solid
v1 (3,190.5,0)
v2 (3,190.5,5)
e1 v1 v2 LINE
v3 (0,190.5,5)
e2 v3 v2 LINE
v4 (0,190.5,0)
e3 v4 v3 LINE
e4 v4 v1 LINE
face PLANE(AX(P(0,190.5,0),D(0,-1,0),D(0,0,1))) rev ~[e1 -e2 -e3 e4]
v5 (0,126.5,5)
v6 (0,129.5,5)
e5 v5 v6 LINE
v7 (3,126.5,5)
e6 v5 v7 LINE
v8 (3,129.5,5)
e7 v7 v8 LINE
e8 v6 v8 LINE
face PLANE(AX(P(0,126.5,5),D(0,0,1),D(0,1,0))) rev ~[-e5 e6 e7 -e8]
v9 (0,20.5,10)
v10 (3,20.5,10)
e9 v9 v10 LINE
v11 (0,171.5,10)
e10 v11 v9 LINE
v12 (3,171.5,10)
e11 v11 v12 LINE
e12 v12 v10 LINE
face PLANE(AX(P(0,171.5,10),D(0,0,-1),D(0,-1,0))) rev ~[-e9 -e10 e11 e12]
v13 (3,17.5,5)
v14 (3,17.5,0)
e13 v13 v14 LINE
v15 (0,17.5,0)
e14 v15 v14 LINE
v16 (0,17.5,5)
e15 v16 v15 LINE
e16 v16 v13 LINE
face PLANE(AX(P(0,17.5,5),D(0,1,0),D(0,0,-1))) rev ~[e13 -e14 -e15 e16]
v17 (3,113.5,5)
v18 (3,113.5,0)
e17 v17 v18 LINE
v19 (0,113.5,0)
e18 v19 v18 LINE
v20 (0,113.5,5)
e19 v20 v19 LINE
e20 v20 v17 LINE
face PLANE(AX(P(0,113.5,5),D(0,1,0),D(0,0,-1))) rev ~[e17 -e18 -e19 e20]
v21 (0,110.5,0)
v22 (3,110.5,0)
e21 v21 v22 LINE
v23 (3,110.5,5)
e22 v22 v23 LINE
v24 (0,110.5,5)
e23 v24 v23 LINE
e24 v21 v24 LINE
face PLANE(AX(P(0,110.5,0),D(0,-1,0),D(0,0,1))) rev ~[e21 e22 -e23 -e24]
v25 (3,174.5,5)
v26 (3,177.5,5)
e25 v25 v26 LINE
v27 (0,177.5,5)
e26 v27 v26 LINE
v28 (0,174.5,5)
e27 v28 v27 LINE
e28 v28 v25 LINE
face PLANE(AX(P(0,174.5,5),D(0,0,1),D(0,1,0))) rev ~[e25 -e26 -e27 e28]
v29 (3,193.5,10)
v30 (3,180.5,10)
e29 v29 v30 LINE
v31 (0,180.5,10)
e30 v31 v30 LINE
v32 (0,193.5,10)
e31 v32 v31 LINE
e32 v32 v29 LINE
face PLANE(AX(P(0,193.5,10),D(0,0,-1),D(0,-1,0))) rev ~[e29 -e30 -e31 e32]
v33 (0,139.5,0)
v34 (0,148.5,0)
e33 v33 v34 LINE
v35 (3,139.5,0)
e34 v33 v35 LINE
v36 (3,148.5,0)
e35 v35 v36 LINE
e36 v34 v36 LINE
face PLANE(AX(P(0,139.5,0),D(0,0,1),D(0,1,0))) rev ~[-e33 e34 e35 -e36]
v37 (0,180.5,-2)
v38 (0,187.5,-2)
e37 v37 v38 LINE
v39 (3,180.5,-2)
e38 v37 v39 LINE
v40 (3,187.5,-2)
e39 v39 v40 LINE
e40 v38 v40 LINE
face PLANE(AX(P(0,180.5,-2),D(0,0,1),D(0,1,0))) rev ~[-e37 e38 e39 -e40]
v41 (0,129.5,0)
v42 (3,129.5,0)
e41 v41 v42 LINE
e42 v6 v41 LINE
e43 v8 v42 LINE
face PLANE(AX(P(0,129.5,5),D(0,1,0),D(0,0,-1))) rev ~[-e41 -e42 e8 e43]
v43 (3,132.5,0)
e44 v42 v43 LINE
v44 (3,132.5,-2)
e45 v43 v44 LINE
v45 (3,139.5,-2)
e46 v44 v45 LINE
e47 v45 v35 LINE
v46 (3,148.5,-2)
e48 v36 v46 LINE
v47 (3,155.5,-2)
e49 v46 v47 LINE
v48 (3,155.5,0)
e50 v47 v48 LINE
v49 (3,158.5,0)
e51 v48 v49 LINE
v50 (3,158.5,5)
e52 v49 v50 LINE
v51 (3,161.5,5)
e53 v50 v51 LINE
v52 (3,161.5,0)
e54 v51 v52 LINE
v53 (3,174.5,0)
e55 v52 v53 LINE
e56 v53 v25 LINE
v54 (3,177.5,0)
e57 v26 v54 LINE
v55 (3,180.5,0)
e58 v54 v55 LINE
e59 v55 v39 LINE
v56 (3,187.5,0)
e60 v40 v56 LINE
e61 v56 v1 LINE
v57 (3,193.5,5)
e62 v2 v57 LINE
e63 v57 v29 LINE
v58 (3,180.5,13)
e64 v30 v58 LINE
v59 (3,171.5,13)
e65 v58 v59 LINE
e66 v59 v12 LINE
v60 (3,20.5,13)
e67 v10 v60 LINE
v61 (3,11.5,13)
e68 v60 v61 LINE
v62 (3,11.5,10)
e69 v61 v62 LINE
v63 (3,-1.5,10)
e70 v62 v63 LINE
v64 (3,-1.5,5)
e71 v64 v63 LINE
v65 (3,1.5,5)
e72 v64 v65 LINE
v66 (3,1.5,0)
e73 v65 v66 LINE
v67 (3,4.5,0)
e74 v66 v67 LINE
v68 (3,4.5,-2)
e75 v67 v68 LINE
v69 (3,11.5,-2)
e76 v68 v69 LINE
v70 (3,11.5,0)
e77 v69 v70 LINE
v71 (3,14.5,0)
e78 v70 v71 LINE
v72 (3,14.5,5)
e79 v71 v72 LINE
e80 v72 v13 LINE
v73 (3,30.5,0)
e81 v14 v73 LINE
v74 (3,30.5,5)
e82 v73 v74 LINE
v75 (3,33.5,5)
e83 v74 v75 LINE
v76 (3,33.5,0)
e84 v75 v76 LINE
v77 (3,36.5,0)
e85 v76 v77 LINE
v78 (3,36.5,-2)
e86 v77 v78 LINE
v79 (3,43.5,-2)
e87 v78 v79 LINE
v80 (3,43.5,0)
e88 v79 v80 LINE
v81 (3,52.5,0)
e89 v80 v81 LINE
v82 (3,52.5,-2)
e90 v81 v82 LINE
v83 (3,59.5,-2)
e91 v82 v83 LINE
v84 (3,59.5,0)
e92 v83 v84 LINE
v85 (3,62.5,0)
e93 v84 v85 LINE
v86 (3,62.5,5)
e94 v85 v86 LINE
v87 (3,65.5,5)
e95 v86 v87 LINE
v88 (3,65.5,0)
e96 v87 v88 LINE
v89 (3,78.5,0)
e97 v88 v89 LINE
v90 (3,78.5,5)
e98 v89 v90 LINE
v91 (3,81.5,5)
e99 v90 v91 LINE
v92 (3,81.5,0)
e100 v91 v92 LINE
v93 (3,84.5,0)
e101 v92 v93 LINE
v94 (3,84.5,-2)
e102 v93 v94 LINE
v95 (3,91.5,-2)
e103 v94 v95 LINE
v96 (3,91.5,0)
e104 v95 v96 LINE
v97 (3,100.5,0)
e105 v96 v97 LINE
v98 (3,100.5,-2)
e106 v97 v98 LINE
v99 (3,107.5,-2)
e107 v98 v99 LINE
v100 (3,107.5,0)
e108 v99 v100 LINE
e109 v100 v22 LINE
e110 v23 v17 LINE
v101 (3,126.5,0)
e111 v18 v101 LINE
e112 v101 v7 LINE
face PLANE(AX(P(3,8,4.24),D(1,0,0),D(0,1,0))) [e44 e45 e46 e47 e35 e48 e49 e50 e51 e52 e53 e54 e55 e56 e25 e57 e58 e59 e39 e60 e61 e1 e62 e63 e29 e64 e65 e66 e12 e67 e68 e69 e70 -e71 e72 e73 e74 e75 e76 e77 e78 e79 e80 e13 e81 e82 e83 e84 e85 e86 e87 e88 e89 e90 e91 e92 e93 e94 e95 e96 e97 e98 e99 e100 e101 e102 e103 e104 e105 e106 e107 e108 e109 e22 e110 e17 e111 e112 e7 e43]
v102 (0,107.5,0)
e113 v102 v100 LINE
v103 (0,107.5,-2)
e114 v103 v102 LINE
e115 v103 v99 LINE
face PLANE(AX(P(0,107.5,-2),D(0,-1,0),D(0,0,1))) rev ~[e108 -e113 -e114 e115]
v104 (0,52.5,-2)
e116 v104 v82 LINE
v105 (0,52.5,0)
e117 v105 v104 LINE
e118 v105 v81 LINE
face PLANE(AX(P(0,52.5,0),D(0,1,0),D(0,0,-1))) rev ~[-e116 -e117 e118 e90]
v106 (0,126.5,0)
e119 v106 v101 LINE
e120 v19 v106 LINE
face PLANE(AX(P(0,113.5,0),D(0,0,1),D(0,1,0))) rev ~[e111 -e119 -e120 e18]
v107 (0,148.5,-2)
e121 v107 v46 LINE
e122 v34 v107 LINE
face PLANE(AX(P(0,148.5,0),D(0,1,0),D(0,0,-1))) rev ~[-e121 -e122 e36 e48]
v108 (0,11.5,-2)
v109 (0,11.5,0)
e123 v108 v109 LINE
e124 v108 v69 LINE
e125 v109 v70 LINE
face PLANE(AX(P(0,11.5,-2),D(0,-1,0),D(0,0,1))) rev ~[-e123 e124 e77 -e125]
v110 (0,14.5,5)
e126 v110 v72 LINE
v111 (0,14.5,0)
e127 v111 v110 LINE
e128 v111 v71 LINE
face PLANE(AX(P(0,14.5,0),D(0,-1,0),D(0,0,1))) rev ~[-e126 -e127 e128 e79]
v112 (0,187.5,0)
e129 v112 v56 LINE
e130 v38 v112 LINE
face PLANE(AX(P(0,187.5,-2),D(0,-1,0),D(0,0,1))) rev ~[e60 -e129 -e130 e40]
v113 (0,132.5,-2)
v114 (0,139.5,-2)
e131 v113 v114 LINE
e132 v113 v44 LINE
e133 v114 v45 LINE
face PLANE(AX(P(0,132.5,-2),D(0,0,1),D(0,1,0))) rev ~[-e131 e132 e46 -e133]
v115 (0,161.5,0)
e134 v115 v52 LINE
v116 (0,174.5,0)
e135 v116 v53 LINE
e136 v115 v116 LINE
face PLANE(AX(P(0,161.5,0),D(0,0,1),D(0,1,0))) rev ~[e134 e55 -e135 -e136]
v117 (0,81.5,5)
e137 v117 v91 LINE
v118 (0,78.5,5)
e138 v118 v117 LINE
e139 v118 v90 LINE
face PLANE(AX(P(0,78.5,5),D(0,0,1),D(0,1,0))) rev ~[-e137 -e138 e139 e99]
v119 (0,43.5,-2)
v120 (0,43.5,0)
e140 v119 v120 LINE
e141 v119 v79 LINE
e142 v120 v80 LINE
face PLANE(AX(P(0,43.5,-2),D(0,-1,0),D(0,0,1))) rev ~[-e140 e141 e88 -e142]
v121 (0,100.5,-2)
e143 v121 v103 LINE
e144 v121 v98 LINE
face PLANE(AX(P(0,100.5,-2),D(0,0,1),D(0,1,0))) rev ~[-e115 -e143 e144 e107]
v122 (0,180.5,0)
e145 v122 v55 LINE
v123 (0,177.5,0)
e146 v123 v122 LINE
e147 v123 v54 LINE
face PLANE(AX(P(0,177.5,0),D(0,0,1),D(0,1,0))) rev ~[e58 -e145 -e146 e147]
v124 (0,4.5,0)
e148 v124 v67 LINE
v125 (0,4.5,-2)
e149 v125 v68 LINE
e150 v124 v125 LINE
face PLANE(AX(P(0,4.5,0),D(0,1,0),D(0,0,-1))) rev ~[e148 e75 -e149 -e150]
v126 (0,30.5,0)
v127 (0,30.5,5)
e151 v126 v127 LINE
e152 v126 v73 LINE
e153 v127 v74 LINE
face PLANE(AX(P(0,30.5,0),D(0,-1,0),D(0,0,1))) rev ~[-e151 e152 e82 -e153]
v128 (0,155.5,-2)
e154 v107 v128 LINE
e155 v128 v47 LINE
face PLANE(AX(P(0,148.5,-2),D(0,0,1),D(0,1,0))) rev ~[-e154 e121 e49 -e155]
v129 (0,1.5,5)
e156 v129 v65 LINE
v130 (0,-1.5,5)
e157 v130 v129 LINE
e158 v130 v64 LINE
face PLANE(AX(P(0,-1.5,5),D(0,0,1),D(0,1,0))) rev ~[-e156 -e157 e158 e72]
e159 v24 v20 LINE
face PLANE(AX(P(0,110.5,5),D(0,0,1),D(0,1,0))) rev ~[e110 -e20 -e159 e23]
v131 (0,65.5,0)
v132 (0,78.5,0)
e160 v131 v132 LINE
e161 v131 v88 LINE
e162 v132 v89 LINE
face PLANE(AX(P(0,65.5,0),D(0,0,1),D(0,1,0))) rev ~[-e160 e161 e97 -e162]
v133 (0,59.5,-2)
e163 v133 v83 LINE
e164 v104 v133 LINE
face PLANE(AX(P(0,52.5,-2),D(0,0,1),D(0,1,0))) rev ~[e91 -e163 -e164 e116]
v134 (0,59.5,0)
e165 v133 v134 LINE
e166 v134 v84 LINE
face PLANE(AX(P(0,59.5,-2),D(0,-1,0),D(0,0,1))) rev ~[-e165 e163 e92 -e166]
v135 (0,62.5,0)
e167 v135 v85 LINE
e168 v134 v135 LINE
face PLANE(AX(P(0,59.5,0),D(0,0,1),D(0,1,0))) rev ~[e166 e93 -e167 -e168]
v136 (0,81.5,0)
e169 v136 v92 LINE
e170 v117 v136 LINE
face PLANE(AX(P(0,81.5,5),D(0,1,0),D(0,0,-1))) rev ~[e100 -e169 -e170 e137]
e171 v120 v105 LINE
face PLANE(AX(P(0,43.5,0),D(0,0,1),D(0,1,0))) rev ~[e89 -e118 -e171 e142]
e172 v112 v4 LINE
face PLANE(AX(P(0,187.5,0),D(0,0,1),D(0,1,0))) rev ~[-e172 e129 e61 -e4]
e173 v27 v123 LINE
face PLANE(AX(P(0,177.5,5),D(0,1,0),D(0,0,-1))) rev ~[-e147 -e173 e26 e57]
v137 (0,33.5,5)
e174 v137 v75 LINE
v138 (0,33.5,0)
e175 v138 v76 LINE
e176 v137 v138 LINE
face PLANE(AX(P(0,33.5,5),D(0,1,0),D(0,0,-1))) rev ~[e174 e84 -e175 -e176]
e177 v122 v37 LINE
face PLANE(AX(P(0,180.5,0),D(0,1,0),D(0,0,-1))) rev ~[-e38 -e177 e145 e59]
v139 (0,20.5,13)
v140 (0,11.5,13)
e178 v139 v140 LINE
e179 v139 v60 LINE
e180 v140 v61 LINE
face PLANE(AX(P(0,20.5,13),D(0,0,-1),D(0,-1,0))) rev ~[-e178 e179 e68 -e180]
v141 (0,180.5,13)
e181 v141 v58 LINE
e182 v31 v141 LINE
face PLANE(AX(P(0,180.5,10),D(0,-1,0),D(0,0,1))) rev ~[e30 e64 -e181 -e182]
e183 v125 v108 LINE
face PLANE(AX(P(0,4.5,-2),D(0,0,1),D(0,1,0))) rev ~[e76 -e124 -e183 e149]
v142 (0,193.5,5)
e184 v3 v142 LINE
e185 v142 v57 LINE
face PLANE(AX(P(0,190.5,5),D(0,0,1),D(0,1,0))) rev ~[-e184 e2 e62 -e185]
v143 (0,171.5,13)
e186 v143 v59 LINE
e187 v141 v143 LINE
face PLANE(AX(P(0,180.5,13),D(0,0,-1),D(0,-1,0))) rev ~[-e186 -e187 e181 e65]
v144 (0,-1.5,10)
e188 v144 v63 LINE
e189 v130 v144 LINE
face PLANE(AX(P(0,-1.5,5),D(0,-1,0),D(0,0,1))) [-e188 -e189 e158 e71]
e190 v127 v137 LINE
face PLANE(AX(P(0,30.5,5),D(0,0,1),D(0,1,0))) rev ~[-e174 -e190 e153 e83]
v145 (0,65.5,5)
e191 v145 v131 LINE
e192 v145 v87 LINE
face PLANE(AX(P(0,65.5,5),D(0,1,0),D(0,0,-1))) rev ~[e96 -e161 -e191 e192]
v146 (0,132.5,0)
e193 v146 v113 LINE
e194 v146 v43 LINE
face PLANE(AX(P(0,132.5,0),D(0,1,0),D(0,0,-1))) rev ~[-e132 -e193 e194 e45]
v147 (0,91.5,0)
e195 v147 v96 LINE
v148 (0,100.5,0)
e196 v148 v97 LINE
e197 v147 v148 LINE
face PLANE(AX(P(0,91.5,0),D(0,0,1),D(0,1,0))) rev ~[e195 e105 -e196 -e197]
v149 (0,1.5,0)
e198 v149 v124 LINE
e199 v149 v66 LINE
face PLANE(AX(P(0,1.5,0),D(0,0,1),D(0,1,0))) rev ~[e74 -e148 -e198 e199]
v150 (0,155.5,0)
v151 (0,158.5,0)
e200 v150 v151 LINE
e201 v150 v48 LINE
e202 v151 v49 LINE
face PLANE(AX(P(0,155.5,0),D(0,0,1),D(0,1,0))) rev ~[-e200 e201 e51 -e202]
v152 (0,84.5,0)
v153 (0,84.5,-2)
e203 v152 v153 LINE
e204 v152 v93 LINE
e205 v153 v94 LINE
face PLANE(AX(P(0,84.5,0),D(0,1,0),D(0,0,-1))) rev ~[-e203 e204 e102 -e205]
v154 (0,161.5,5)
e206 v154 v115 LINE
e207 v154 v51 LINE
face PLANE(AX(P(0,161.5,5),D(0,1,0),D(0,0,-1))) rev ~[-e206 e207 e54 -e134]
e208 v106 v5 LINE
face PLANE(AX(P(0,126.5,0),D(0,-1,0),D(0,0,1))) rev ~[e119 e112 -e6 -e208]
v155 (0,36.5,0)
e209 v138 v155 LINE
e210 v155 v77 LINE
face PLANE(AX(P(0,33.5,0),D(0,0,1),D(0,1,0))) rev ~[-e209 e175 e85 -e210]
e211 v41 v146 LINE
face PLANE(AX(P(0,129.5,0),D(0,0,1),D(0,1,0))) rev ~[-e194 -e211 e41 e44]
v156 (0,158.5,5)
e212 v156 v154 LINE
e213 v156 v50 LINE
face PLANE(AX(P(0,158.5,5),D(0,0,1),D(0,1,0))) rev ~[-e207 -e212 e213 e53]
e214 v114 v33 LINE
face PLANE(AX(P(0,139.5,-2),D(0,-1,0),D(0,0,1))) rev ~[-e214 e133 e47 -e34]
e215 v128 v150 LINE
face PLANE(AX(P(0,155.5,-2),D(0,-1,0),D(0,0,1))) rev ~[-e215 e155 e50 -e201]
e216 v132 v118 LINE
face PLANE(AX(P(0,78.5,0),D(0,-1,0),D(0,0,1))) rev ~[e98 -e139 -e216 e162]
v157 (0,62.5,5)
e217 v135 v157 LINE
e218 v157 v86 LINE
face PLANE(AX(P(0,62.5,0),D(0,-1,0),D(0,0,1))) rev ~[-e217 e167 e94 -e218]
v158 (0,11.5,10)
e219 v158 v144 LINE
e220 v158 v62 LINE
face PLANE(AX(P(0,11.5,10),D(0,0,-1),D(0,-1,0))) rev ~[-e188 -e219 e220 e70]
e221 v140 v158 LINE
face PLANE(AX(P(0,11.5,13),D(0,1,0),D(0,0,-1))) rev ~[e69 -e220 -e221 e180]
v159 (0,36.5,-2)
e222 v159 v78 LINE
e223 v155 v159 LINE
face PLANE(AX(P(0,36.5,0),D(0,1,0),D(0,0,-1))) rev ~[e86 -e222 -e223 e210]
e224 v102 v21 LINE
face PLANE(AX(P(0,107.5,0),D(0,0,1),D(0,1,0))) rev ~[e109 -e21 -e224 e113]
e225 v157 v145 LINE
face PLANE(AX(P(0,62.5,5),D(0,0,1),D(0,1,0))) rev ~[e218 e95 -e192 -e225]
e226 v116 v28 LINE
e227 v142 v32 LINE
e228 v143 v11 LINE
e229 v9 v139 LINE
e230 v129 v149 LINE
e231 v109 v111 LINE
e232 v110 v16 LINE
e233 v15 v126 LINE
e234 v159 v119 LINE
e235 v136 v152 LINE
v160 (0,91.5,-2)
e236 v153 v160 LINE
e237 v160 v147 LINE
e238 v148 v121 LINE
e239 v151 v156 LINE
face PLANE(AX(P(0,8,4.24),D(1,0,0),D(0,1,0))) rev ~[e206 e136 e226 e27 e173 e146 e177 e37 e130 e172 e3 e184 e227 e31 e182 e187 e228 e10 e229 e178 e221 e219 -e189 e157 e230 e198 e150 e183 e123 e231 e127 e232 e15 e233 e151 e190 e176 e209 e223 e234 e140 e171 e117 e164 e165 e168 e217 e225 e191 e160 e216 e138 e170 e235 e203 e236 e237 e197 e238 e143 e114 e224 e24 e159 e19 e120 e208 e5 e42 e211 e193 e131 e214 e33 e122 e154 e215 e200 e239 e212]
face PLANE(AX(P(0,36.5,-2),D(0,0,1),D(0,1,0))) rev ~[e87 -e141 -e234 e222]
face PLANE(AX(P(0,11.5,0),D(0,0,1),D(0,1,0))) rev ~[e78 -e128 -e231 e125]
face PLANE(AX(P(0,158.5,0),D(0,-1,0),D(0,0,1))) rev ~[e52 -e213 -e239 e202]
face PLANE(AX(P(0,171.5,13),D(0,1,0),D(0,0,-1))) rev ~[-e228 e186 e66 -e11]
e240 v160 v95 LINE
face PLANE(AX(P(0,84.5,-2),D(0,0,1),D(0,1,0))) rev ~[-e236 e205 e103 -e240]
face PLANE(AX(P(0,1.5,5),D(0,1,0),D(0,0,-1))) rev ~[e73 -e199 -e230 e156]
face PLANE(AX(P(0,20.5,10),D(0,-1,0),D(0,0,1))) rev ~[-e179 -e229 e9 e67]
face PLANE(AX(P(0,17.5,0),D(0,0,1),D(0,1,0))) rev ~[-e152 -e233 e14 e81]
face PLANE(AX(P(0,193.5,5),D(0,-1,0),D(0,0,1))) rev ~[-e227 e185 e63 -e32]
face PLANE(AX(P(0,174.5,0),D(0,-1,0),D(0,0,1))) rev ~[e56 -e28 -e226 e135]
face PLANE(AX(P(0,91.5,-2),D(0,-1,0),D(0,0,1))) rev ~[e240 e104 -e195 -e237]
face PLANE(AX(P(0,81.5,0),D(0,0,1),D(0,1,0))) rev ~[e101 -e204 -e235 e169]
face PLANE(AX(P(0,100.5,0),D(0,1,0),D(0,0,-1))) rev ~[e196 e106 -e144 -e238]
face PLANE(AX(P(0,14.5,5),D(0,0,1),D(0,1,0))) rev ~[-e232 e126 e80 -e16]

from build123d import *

# Parameters (mm, degrees)
F0_W     = 3
F0_H     = 5
F0_W_2   = 1.5
F1_DEPTH = 3


with BuildPart() as f1:
    # F0 (on Right) → F1 (new body)
    with BuildSketch(Plane.YZ):
        Polygon((1.5, 5), (1.5, 0), (4.5, 0), (4.5, -2), (11.5, -2), (11.5, 0), (14.5, 0), (14.5, 5), (14.5, 10), (11.5, 10), (1.5, 10), align=None)
        with Locations((16, 7.5)):
            Rectangle(F0_W, F0_H)
        Polygon((20.5, 10), (17.5, 10), (17.5, 5), (17.5, 0), (30.5, 0), (30.5, 5), (30.5, 10), align=None)
        with Locations((32, 7.5)):
            Rectangle(F0_W, F0_H)
        Polygon((33.5, 5), (33.5, 0), (36.5, 0), (36.5, -2), (43.5, -2), (43.5, 0), (48, 0), (52.5, 0), (52.5, -2), (59.5, -2), (59.5, 0), (62.5, 0), (62.5, 5), (62.5, 10), (33.5, 10), align=None)
        with Locations((64, 7.5)):
            Rectangle(F0_W, F0_H)
        Polygon((78.5, 10), (65.5, 10), (65.5, 5), (65.5, 0), (78.5, 0), (78.5, 5), align=None)
        with Locations((80, 7.5)):
            Rectangle(F0_W, F0_H)
        Polygon((110.5, 10), (81.5, 10), (81.5, 5), (81.5, 0), (84.5, 0), (84.5, -2), (91.5, -2), (91.5, 0), (96, 0), (100.5, 0), (100.5, -2), (107.5, -2), (107.5, 0), (110.5, 0), (110.5, 5), align=None)
        with Locations((112, 7.5)):
            Rectangle(F0_W, F0_H)
        Polygon((126.5, 10), (113.5, 10), (113.5, 5), (113.5, 0), (126.5, 0), (126.5, 5), align=None)
        with Locations((128, 7.5)):
            Rectangle(F0_W, F0_H)
        Polygon((158.5, 10), (129.5, 10), (129.5, 5), (129.5, 0), (132.5, 0), (132.5, -2), (139.5, -2), (139.5, 0), (144, 0), (148.5, 0), (148.5, -2), (155.5, -2), (155.5, 0), (158.5, 0), (158.5, 5), align=None)
        with Locations((160, 7.5)):
            Rectangle(F0_W, F0_H)
        Polygon((171.5, 10), (161.5, 10), (161.5, 5), (161.5, 0), (174.5, 0), (174.5, 5), (174.5, 10), align=None)
        with Locations((176, 7.5)):
            Rectangle(F0_W, F0_H)
        Polygon((180.5, 10), (177.5, 10), (177.5, 5), (177.5, 0), (180.5, 0), (180.5, -2), (187.5, -2), (187.5, 0), (190.5, 0), (190.5, 5), (190.5, 10), align=None)
        with Locations((0.75, 7.5)):
            Rectangle(F0_W_2, F0_H)
        with Locations((191.25, 7.5)):
            Rectangle(F0_W_2, F0_H)
        with Locations((192.75, 7.5)):
            Rectangle(F0_W_2, F0_H)
        with Locations((-0.75, 7.5)):
            Rectangle(F0_W_2, F0_H)
        Polygon((171.5, 13), (171.5, 10), (174.5, 10), (177.5, 10), (180.5, 10), (180.5, 13), align=None)
        Polygon((11.5, 13), (11.5, 10), (14.5, 10), (17.5, 10), (20.5, 10), (20.5, 13), align=None)
    extrude(amount=F1_DEPTH)


solid = f1.part
